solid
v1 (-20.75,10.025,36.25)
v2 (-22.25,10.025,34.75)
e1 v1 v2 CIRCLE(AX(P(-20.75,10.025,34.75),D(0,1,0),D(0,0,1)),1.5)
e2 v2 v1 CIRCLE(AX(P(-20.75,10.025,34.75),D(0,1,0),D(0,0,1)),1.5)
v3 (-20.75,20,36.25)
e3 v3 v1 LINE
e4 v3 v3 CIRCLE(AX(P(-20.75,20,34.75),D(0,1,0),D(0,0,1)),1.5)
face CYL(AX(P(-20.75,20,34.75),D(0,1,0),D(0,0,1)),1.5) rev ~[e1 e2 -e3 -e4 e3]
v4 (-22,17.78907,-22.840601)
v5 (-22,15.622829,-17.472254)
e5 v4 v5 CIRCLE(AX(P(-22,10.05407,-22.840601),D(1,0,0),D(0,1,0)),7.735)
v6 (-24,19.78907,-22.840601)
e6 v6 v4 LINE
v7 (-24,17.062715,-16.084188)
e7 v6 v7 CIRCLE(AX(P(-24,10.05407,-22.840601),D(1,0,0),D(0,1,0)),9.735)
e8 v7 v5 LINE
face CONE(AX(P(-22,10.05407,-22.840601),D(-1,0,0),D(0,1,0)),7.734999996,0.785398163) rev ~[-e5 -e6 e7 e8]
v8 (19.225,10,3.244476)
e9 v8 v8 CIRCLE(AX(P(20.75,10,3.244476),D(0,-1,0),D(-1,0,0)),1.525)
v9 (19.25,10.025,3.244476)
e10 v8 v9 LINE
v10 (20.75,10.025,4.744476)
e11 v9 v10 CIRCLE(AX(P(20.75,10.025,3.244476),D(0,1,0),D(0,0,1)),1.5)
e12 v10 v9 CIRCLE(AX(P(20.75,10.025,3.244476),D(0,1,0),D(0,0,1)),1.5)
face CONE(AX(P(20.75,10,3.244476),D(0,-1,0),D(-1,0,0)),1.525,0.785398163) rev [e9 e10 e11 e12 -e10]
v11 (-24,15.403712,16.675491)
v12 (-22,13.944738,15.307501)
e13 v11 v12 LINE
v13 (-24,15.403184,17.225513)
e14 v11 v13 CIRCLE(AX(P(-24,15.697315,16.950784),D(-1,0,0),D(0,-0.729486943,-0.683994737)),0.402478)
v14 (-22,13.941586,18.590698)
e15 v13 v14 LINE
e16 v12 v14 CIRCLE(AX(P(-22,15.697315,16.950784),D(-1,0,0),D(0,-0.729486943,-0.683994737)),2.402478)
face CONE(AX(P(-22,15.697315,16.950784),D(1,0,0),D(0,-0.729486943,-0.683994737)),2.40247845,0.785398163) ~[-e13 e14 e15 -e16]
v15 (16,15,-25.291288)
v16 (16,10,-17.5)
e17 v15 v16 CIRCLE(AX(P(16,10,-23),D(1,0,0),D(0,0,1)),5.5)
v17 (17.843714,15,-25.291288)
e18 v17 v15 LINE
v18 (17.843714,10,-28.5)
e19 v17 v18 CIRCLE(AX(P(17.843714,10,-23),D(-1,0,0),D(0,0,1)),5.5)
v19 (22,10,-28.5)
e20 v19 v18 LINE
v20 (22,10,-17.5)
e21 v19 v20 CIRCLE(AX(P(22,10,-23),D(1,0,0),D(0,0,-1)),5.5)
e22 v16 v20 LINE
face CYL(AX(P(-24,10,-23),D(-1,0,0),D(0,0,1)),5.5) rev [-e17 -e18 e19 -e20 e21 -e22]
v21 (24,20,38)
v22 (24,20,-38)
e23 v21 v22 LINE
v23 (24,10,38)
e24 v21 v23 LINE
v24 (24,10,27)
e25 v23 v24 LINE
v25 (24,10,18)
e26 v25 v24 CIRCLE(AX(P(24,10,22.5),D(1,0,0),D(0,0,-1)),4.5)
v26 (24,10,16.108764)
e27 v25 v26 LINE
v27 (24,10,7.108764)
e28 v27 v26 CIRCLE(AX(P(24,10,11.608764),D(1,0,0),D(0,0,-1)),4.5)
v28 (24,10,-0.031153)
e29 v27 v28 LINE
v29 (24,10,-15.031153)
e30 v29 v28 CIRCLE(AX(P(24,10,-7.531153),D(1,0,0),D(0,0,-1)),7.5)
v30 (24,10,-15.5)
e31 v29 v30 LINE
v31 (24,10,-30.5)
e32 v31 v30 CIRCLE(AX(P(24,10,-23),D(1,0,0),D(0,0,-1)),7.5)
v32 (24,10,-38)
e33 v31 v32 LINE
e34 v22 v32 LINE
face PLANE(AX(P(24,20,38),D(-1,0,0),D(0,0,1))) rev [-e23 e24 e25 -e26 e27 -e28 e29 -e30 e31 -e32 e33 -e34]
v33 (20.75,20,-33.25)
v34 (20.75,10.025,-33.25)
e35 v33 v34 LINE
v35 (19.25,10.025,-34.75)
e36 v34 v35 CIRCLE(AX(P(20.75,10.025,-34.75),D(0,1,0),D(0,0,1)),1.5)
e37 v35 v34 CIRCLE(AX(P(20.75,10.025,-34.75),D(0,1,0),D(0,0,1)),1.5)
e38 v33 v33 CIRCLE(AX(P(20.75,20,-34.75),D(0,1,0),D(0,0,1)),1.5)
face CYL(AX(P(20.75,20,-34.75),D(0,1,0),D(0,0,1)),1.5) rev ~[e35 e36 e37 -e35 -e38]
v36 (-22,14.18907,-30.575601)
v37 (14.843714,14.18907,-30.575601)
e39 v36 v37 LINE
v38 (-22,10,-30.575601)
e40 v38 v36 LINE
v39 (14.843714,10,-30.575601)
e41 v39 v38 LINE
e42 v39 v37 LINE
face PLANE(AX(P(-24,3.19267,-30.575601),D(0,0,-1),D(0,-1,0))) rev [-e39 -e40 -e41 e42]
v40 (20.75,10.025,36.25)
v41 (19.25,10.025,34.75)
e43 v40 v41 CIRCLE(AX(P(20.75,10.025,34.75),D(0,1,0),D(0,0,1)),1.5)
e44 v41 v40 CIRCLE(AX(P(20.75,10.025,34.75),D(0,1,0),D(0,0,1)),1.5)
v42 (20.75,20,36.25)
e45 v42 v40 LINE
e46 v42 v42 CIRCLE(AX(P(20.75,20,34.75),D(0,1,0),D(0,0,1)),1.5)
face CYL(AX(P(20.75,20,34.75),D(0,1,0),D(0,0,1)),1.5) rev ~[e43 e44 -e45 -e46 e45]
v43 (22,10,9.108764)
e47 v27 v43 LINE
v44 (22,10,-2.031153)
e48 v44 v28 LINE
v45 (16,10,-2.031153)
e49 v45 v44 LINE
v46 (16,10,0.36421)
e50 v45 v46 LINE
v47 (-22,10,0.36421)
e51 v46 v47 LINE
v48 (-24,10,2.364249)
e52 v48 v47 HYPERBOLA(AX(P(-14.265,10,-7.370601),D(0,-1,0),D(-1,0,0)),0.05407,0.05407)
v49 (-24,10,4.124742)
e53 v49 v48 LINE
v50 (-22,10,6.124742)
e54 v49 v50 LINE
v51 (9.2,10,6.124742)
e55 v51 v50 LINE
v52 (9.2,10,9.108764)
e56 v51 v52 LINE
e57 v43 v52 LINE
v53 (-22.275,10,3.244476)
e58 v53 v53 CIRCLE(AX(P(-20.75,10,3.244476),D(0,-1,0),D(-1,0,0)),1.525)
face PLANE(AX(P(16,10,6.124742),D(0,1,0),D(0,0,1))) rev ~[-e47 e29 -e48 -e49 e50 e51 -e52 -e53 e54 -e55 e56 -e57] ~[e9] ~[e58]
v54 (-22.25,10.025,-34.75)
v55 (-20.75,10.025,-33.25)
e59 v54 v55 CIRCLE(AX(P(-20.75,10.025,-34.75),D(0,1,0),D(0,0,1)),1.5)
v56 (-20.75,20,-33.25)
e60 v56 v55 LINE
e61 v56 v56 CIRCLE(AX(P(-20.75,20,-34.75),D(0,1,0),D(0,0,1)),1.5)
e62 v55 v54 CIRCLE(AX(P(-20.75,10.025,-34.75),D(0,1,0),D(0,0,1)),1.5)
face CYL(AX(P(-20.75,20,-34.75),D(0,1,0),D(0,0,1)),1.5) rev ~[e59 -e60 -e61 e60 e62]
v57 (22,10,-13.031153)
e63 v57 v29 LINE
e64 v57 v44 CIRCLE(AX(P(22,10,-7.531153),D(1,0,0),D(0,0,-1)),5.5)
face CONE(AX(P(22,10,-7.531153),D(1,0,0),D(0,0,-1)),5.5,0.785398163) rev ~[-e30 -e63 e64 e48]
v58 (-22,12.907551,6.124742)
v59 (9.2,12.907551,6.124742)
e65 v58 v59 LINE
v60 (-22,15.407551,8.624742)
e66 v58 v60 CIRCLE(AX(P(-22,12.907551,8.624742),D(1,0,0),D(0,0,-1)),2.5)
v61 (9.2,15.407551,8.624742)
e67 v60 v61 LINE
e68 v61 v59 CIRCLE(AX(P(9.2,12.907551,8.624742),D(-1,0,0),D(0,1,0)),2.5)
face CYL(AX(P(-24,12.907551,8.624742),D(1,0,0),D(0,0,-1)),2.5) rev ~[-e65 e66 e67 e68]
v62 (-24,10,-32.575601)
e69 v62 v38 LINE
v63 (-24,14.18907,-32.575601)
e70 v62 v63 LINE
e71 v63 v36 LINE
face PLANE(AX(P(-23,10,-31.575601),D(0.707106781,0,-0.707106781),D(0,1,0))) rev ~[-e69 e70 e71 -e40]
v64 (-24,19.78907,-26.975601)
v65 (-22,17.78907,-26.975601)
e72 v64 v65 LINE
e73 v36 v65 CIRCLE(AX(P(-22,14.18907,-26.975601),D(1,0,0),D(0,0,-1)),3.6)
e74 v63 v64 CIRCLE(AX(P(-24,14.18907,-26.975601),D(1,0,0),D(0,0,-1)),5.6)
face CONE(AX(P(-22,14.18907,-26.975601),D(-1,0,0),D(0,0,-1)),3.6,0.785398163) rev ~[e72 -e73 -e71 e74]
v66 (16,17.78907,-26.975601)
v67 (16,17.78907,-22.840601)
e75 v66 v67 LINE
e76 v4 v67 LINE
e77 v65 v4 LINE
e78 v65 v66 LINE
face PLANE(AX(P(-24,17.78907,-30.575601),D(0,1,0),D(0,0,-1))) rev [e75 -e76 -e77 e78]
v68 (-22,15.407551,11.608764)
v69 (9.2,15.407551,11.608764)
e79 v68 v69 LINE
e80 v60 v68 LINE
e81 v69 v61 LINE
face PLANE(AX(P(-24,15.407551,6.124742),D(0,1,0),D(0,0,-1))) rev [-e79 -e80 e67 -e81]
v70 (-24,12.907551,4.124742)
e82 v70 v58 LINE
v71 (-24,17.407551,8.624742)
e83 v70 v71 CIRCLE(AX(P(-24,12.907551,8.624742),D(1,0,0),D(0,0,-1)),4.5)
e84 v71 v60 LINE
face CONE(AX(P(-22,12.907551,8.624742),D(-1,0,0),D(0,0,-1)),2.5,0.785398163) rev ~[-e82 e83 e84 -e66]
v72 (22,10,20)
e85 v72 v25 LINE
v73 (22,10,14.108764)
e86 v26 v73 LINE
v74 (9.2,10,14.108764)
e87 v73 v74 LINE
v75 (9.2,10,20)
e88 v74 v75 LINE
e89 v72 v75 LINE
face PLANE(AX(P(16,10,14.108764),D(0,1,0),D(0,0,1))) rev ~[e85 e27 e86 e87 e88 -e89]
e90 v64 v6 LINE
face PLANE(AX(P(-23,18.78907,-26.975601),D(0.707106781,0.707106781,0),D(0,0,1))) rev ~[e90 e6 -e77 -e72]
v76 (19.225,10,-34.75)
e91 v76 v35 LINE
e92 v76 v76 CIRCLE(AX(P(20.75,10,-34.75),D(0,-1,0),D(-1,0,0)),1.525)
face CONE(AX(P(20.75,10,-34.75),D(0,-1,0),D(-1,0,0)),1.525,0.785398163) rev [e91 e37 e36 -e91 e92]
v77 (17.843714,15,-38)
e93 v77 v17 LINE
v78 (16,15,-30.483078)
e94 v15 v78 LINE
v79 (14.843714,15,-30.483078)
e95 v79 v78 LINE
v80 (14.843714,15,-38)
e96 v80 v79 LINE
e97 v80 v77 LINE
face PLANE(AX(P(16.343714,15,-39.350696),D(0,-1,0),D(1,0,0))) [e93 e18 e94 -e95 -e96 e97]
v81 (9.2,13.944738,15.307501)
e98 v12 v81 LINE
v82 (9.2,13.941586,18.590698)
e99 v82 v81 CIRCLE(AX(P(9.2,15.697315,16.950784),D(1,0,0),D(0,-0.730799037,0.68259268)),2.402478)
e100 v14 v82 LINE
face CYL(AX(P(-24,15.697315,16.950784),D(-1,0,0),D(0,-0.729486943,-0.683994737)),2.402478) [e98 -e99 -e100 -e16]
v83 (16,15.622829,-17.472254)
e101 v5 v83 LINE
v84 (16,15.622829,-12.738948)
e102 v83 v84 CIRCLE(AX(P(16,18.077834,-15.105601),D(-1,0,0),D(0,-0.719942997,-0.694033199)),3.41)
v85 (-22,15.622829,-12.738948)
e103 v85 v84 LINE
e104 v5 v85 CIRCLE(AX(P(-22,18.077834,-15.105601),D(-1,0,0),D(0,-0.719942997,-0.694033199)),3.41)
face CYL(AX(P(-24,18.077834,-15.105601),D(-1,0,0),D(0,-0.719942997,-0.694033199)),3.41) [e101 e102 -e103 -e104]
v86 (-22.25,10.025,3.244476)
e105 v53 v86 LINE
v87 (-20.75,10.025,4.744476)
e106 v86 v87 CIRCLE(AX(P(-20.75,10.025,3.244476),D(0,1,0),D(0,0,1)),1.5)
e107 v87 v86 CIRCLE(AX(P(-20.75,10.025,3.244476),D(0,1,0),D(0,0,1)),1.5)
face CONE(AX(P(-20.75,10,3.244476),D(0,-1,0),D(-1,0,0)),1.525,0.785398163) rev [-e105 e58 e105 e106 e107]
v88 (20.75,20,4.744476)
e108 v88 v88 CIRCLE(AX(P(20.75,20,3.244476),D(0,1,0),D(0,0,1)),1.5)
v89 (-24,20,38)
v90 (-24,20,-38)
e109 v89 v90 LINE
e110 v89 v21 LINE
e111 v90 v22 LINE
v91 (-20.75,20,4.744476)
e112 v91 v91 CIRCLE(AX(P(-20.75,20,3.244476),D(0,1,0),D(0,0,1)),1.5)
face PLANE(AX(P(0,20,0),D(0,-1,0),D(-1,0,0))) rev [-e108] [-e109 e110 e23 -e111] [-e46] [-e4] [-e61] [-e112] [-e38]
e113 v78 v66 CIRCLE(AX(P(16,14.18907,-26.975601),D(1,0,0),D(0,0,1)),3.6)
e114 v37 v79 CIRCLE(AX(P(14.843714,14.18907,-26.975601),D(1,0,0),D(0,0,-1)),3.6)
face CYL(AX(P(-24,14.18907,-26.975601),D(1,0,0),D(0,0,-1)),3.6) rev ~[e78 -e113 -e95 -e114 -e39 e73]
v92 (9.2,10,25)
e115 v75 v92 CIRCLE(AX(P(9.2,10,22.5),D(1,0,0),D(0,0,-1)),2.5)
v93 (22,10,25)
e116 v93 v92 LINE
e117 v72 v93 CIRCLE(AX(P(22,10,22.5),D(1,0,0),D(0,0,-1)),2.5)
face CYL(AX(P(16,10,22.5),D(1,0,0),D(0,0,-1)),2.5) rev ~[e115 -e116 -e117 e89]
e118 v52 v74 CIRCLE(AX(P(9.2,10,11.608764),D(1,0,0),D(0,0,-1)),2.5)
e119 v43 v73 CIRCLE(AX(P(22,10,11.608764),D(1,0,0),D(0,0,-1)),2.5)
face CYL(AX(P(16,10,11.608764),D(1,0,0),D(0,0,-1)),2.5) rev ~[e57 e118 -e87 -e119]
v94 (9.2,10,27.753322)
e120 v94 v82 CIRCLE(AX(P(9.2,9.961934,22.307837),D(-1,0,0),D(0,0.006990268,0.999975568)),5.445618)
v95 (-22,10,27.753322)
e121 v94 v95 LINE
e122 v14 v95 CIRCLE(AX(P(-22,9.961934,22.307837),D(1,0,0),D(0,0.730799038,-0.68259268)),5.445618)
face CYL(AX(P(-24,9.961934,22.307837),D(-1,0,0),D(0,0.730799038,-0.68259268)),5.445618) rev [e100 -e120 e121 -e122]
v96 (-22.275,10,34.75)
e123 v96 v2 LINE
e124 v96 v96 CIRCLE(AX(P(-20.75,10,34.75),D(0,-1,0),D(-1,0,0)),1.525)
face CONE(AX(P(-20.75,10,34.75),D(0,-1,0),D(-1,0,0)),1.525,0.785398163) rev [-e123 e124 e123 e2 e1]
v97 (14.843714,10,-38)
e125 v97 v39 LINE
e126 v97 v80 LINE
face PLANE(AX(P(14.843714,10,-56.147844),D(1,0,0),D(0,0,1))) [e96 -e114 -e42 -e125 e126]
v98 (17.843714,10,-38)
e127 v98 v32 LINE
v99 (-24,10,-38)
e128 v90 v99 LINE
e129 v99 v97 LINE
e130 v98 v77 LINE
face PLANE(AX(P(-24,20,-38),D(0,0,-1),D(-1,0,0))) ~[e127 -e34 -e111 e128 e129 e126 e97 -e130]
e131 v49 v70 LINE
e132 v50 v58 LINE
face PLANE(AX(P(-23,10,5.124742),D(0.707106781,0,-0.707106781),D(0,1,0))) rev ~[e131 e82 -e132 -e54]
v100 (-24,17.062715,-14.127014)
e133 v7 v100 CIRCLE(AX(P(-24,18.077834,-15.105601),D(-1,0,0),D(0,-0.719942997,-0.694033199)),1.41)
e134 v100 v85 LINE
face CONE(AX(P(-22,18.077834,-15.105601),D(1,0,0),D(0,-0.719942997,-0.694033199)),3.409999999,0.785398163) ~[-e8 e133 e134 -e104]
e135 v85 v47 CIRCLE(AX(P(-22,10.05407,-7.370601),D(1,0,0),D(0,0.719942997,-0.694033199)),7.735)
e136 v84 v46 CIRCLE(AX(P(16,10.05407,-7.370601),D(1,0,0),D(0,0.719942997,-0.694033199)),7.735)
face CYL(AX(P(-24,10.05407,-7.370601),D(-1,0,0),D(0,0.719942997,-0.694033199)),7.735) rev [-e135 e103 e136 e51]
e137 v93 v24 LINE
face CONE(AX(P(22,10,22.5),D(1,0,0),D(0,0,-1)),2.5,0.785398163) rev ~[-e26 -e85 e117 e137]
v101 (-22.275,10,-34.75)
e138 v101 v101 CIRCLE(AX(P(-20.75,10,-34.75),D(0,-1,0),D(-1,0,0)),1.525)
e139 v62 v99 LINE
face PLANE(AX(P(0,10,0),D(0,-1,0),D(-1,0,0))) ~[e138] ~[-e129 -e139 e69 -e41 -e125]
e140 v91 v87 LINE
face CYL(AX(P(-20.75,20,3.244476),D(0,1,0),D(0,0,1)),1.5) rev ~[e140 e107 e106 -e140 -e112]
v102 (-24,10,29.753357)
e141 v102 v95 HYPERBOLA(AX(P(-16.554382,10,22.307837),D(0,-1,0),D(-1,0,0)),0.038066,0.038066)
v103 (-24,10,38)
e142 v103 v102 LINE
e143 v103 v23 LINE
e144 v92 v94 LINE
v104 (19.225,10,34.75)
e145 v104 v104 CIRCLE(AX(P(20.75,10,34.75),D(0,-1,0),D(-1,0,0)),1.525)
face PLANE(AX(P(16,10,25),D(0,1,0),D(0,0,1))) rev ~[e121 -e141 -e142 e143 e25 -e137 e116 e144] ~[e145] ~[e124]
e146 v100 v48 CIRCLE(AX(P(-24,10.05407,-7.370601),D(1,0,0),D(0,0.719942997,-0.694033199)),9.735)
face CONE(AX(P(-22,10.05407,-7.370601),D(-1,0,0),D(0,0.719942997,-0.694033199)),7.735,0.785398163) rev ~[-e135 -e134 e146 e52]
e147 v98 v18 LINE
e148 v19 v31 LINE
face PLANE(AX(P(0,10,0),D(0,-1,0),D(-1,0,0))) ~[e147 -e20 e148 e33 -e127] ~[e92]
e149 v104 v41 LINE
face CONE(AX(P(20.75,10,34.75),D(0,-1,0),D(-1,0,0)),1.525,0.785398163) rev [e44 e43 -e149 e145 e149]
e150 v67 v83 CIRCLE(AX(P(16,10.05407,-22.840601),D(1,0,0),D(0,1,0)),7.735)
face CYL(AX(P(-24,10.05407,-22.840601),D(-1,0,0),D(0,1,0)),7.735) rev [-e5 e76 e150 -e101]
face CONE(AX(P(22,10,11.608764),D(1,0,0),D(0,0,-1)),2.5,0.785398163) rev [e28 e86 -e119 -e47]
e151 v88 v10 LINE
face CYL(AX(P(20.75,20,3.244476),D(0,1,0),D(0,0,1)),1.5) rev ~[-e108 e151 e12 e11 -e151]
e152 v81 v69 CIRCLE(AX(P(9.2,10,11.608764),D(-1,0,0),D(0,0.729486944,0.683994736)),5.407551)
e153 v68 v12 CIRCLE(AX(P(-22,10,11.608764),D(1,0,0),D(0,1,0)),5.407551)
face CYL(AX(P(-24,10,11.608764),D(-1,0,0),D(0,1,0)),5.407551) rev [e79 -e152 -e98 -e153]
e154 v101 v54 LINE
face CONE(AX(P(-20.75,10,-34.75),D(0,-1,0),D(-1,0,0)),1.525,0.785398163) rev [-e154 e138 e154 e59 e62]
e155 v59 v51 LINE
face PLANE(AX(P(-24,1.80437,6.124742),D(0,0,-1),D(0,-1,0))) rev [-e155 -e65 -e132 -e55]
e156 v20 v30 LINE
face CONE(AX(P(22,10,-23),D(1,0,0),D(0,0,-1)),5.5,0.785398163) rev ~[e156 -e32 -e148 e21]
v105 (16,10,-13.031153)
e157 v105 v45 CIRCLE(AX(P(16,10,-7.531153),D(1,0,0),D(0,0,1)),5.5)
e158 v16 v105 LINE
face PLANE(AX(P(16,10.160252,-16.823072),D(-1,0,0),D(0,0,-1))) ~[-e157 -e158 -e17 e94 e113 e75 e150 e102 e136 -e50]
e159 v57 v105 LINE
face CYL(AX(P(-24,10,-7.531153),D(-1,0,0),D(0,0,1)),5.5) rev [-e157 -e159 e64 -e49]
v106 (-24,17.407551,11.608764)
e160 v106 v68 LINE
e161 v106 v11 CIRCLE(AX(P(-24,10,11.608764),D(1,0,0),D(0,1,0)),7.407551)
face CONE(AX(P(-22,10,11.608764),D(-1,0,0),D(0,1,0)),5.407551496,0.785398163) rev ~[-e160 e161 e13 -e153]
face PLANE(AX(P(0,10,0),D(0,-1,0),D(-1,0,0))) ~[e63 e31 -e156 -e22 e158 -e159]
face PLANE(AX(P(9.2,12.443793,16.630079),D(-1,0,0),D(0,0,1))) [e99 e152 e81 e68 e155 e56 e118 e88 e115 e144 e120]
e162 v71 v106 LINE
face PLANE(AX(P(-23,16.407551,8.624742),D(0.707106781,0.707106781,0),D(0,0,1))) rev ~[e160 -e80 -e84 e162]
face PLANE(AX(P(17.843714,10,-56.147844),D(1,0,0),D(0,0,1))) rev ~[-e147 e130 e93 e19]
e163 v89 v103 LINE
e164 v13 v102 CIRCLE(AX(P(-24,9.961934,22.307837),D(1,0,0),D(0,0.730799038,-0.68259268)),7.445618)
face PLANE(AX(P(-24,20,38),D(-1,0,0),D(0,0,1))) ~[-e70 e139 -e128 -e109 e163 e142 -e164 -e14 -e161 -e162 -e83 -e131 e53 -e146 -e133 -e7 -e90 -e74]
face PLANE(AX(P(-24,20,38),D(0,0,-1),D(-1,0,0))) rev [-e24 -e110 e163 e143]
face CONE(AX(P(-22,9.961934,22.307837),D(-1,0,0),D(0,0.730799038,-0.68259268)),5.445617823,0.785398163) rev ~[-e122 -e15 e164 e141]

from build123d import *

# Parameters (mm, degrees)
SKETCH1_W                   = 48
SKETCH1_H                   = 76
BOSS_EXTRUDE1_DEPTH         = 10
SKETCH2_R                   = 5.5
SKETCH2_R_2                 = 2.5
CUT_EXTRUDE1_DEPTH          = 63.032249677
CUT_EXTRUDE2_DEPTH          = 40
FILLET1_R                   = 3.6
FILLET2_R                   = 2.5
M3_TAPPED_HOLE1_D           = 2.5
M3_TAPPED_HOLE1_CSINK_D     = 3.05
M3_TAPPED_HOLE1_CSINK_ANGLE = 90
CHAMFER1_SIZE               = 2
SKETCH6_R                   = 1.5
CUT_EXTRUDE3_DEPTH          = 10
BOSS_EXTRUDE2_DEPTH         = 6.8
CHAMFER2_SIZE               = 2
SKETCH8_W                   = 3
SKETCH8_H                   = 33.594295814
CUT_EXTRUDE4_DEPTH          = 5


with BuildPart() as part:
    # Sketch1 → Boss-Extrude1 (new body)
    with BuildSketch(Plane(origin=(0, 0, 0), x_dir=(1, 0, 0), z_dir=(0, 1, 0))):
        Rectangle(SKETCH1_W, SKETCH1_H)
    extrude(amount=BOSS_EXTRUDE1_DEPTH)

    # Sketch2 → Cut-Extrude1 (cut, through all)
    with BuildSketch(Plane.ZY.offset(24)):
        with Locations((-23, 10)):
            Circle(SKETCH2_R)
        with Locations((-7.531152857, 10)):
            Circle(SKETCH2_R)
        with Locations((11.608764346, 10)):
            Circle(SKETCH2_R_2)
        with Locations((22.5, 10)):
            Circle(SKETCH2_R_2)
    extrude(amount=-CUT_EXTRUDE1_DEPTH, mode=Mode.SUBTRACT)

    # Sketch3 → Cut-Extrude2 (cut)
    with BuildSketch(Plane.ZY.offset(24)):
        with BuildLine():
            Line((-30.575601228, 16.807330276), (-30.575601228, 2.210930276))
            Line((-30.575601228, 2.210930276), (-22.840601228, 2.210930276))
            ThreePointArc((-22.840601228, 2.210930276), (-19.946134653, 2.772905234), (-17.472254435, 4.377171194))
            ThreePointArc((-17.472254435, 4.377171194), (-15.105601228, 5.332165574), (-12.73894802, 4.377171194))
            ThreePointArc((-12.73894802, 4.377171194), (0.284776113, 8.838942121), (-10.941513582, 16.807330276))
            Line((-10.941513582, 16.807330276), (-30.575601228, 16.807330276))
        make_face()
        with BuildLine():
            Line((6.124741926, 18.195630094), (6.124741926, 4.592448506))
            Line((6.124741926, 4.592448506), (11.608764346, 4.592448506))
            ThreePointArc((11.608764346, 4.592448506), (13.597512463, 4.971432203), (15.307501103, 6.055261787))
            ThreePointArc((15.307501103, 6.055261787), (16.948477041, 6.705162469), (18.590697922, 6.058414065))
            ThreePointArc((18.590697922, 6.058414065), (26.266760255, 6.298858065), (26.068998857, 13.976138617))
            Line((26.068998857, 13.976138617), (6.124741926, 18.195630094))
        make_face()
    extrude(amount=-CUT_EXTRUDE2_DEPTH, mode=Mode.SUBTRACT)

    # Fillet1
    fillet1_edges = [part.edges().sort_by_distance(p)[0] for p in [
        (-4, 2.210930276, -30.575601228),
    ]]
    fillet(fillet1_edges, radius=FILLET1_R)

    # Fillet2
    fillet2_edges = [part.edges().sort_by_distance(p)[0] for p in [
        (-4, 4.592448506, 6.124741926),
    ]]
    fillet(fillet2_edges, radius=FILLET2_R)

    # M3 Tapped Hole1 (through all)
    with Locations(Plane(origin=(0, 10, 0), x_dir=(1, 0, 0), z_dir=(0, 1, 0))):
        with Locations((-20.75, 34.75), (20.75, 34.75), (20.75, -3.244475858), (-20.75, -3.244475858), (-20.75, -34.75), (20.75, -34.75)):
            CounterSinkHole(M3_TAPPED_HOLE1_D / 2, M3_TAPPED_HOLE1_CSINK_D / 2, counter_sink_angle=M3_TAPPED_HOLE1_CSINK_ANGLE)

    # Chamfer1
    chamfer1_edges = [part.edges().sort_by_distance(p)[0] for p in [
        (-24, 2.210930276, -24.908101228),
        (-24, 3.265345864, -29.52118564),
        (-24, 4.592448506, 10.116753136),
        (-24, 5.324681553, 6.856974973),
        (-24, 7.905465138, -30.575601228),
        (-24, 2.772905234, -19.946134653),
        (-24, 5.332165574, -15.105601228),
        (-24, 2.837756402, -4.320340718),
        (-24, 8.546224253, 6.124741926),
        (-24, 4.971432203, 13.597512463),
        (-24, 6.705162469, 16.948477041),
        (-24, 5.035673535, 24.459770758),
    ]]
    chamfer(chamfer1_edges, length=CHAMFER1_SIZE)


with BuildPart() as body_2:
    # Mirror1: mirrored copy
    add(part.part.mirror(Plane(origin=(0, 10, 0), x_dir=(0, 0, 1), z_dir=(0, -1, 0))))

    # Sketch6 → Cut-Extrude3 (cut)
    with BuildSketch(Plane(origin=(0, 20, 0), x_dir=(1, 0, 0), z_dir=(0, 1, 0))):
        with Locations(Location((20.75, 34.75, 0), (0, 0, 270))):
            Circle(SKETCH6_R)
        with Locations(Location((-20.75, 34.75, 0), (0, 0, 270))):
            Circle(SKETCH6_R)
        with Locations(Location((-20.75, -3.244475858, 0), (0, 0, 270))):
            Circle(SKETCH6_R)
        with Locations(Location((20.75, -3.244475858, 0), (0, 0, 270))):
            Circle(SKETCH6_R)
        with Locations(Location((20.75, -34.75, 0), (0, 0, 270))):
            Circle(SKETCH6_R)
        with Locations(Location((-20.75, -34.75, 0), (0, 0, 270))):
            Circle(SKETCH6_R)
    extrude(amount=-CUT_EXTRUDE3_DEPTH, mode=Mode.SUBTRACT)

    # Sketch7 → Boss-Extrude2 (add)
    with BuildSketch(Plane.ZY.offset(-16)):
        with BuildLine():
            Line((6.124741926, 12.907551494), (6.124741926, 10))
            Line((6.124741926, 10), (9.108764346, 10))
            ThreePointArc((9.108764346, 10), (11.608764346, 12.5), (14.108764346, 10))
            Line((14.108764346, 10), (20, 10))
            ThreePointArc((20, 10), (22.5, 12.5), (25, 10))
            Line((25, 10), (27.753321561, 10))
            ThreePointArc((27.753321561, 10), (24.459770758, 14.964326465), (18.590697922, 13.941585935))
            ThreePointArc((18.590697922, 13.941585935), (16.948477041, 13.294837531), (15.307501103, 13.944738213))
            ThreePointArc((15.307501103, 13.944738213), (13.597512463, 15.028567797), (11.608764346, 15.407551494))
            Line((11.608764346, 15.407551494), (8.624741926, 15.407551494))
            ThreePointArc((8.624741926, 15.407551494), (6.856974973, 14.675318447), (6.124741926, 12.907551494))
        make_face()
    extrude(amount=BOSS_EXTRUDE2_DEPTH)

    # Chamfer2
    chamfer2_edges = [body_2.edges().sort_by_distance(p)[0] for p in [
        (24, 15.5, -23),
        (24, 15.5, -7.531152857),
        (24, 12.5, 11.608764346),
        (24, 12.5, 22.5),
    ]]
    chamfer(chamfer2_edges, length=CHAMFER2_SIZE)

    # Sketch8 → Cut-Extrude4 (cut)
    with BuildSketch(Plane.XZ.offset(-10)):
        with Locations((16.34371358, -39.350695858)):
            Rectangle(SKETCH8_W, SKETCH8_H)
    extrude(amount=-CUT_EXTRUDE4_DEPTH, mode=Mode.SUBTRACT)


solid = body_2.part
